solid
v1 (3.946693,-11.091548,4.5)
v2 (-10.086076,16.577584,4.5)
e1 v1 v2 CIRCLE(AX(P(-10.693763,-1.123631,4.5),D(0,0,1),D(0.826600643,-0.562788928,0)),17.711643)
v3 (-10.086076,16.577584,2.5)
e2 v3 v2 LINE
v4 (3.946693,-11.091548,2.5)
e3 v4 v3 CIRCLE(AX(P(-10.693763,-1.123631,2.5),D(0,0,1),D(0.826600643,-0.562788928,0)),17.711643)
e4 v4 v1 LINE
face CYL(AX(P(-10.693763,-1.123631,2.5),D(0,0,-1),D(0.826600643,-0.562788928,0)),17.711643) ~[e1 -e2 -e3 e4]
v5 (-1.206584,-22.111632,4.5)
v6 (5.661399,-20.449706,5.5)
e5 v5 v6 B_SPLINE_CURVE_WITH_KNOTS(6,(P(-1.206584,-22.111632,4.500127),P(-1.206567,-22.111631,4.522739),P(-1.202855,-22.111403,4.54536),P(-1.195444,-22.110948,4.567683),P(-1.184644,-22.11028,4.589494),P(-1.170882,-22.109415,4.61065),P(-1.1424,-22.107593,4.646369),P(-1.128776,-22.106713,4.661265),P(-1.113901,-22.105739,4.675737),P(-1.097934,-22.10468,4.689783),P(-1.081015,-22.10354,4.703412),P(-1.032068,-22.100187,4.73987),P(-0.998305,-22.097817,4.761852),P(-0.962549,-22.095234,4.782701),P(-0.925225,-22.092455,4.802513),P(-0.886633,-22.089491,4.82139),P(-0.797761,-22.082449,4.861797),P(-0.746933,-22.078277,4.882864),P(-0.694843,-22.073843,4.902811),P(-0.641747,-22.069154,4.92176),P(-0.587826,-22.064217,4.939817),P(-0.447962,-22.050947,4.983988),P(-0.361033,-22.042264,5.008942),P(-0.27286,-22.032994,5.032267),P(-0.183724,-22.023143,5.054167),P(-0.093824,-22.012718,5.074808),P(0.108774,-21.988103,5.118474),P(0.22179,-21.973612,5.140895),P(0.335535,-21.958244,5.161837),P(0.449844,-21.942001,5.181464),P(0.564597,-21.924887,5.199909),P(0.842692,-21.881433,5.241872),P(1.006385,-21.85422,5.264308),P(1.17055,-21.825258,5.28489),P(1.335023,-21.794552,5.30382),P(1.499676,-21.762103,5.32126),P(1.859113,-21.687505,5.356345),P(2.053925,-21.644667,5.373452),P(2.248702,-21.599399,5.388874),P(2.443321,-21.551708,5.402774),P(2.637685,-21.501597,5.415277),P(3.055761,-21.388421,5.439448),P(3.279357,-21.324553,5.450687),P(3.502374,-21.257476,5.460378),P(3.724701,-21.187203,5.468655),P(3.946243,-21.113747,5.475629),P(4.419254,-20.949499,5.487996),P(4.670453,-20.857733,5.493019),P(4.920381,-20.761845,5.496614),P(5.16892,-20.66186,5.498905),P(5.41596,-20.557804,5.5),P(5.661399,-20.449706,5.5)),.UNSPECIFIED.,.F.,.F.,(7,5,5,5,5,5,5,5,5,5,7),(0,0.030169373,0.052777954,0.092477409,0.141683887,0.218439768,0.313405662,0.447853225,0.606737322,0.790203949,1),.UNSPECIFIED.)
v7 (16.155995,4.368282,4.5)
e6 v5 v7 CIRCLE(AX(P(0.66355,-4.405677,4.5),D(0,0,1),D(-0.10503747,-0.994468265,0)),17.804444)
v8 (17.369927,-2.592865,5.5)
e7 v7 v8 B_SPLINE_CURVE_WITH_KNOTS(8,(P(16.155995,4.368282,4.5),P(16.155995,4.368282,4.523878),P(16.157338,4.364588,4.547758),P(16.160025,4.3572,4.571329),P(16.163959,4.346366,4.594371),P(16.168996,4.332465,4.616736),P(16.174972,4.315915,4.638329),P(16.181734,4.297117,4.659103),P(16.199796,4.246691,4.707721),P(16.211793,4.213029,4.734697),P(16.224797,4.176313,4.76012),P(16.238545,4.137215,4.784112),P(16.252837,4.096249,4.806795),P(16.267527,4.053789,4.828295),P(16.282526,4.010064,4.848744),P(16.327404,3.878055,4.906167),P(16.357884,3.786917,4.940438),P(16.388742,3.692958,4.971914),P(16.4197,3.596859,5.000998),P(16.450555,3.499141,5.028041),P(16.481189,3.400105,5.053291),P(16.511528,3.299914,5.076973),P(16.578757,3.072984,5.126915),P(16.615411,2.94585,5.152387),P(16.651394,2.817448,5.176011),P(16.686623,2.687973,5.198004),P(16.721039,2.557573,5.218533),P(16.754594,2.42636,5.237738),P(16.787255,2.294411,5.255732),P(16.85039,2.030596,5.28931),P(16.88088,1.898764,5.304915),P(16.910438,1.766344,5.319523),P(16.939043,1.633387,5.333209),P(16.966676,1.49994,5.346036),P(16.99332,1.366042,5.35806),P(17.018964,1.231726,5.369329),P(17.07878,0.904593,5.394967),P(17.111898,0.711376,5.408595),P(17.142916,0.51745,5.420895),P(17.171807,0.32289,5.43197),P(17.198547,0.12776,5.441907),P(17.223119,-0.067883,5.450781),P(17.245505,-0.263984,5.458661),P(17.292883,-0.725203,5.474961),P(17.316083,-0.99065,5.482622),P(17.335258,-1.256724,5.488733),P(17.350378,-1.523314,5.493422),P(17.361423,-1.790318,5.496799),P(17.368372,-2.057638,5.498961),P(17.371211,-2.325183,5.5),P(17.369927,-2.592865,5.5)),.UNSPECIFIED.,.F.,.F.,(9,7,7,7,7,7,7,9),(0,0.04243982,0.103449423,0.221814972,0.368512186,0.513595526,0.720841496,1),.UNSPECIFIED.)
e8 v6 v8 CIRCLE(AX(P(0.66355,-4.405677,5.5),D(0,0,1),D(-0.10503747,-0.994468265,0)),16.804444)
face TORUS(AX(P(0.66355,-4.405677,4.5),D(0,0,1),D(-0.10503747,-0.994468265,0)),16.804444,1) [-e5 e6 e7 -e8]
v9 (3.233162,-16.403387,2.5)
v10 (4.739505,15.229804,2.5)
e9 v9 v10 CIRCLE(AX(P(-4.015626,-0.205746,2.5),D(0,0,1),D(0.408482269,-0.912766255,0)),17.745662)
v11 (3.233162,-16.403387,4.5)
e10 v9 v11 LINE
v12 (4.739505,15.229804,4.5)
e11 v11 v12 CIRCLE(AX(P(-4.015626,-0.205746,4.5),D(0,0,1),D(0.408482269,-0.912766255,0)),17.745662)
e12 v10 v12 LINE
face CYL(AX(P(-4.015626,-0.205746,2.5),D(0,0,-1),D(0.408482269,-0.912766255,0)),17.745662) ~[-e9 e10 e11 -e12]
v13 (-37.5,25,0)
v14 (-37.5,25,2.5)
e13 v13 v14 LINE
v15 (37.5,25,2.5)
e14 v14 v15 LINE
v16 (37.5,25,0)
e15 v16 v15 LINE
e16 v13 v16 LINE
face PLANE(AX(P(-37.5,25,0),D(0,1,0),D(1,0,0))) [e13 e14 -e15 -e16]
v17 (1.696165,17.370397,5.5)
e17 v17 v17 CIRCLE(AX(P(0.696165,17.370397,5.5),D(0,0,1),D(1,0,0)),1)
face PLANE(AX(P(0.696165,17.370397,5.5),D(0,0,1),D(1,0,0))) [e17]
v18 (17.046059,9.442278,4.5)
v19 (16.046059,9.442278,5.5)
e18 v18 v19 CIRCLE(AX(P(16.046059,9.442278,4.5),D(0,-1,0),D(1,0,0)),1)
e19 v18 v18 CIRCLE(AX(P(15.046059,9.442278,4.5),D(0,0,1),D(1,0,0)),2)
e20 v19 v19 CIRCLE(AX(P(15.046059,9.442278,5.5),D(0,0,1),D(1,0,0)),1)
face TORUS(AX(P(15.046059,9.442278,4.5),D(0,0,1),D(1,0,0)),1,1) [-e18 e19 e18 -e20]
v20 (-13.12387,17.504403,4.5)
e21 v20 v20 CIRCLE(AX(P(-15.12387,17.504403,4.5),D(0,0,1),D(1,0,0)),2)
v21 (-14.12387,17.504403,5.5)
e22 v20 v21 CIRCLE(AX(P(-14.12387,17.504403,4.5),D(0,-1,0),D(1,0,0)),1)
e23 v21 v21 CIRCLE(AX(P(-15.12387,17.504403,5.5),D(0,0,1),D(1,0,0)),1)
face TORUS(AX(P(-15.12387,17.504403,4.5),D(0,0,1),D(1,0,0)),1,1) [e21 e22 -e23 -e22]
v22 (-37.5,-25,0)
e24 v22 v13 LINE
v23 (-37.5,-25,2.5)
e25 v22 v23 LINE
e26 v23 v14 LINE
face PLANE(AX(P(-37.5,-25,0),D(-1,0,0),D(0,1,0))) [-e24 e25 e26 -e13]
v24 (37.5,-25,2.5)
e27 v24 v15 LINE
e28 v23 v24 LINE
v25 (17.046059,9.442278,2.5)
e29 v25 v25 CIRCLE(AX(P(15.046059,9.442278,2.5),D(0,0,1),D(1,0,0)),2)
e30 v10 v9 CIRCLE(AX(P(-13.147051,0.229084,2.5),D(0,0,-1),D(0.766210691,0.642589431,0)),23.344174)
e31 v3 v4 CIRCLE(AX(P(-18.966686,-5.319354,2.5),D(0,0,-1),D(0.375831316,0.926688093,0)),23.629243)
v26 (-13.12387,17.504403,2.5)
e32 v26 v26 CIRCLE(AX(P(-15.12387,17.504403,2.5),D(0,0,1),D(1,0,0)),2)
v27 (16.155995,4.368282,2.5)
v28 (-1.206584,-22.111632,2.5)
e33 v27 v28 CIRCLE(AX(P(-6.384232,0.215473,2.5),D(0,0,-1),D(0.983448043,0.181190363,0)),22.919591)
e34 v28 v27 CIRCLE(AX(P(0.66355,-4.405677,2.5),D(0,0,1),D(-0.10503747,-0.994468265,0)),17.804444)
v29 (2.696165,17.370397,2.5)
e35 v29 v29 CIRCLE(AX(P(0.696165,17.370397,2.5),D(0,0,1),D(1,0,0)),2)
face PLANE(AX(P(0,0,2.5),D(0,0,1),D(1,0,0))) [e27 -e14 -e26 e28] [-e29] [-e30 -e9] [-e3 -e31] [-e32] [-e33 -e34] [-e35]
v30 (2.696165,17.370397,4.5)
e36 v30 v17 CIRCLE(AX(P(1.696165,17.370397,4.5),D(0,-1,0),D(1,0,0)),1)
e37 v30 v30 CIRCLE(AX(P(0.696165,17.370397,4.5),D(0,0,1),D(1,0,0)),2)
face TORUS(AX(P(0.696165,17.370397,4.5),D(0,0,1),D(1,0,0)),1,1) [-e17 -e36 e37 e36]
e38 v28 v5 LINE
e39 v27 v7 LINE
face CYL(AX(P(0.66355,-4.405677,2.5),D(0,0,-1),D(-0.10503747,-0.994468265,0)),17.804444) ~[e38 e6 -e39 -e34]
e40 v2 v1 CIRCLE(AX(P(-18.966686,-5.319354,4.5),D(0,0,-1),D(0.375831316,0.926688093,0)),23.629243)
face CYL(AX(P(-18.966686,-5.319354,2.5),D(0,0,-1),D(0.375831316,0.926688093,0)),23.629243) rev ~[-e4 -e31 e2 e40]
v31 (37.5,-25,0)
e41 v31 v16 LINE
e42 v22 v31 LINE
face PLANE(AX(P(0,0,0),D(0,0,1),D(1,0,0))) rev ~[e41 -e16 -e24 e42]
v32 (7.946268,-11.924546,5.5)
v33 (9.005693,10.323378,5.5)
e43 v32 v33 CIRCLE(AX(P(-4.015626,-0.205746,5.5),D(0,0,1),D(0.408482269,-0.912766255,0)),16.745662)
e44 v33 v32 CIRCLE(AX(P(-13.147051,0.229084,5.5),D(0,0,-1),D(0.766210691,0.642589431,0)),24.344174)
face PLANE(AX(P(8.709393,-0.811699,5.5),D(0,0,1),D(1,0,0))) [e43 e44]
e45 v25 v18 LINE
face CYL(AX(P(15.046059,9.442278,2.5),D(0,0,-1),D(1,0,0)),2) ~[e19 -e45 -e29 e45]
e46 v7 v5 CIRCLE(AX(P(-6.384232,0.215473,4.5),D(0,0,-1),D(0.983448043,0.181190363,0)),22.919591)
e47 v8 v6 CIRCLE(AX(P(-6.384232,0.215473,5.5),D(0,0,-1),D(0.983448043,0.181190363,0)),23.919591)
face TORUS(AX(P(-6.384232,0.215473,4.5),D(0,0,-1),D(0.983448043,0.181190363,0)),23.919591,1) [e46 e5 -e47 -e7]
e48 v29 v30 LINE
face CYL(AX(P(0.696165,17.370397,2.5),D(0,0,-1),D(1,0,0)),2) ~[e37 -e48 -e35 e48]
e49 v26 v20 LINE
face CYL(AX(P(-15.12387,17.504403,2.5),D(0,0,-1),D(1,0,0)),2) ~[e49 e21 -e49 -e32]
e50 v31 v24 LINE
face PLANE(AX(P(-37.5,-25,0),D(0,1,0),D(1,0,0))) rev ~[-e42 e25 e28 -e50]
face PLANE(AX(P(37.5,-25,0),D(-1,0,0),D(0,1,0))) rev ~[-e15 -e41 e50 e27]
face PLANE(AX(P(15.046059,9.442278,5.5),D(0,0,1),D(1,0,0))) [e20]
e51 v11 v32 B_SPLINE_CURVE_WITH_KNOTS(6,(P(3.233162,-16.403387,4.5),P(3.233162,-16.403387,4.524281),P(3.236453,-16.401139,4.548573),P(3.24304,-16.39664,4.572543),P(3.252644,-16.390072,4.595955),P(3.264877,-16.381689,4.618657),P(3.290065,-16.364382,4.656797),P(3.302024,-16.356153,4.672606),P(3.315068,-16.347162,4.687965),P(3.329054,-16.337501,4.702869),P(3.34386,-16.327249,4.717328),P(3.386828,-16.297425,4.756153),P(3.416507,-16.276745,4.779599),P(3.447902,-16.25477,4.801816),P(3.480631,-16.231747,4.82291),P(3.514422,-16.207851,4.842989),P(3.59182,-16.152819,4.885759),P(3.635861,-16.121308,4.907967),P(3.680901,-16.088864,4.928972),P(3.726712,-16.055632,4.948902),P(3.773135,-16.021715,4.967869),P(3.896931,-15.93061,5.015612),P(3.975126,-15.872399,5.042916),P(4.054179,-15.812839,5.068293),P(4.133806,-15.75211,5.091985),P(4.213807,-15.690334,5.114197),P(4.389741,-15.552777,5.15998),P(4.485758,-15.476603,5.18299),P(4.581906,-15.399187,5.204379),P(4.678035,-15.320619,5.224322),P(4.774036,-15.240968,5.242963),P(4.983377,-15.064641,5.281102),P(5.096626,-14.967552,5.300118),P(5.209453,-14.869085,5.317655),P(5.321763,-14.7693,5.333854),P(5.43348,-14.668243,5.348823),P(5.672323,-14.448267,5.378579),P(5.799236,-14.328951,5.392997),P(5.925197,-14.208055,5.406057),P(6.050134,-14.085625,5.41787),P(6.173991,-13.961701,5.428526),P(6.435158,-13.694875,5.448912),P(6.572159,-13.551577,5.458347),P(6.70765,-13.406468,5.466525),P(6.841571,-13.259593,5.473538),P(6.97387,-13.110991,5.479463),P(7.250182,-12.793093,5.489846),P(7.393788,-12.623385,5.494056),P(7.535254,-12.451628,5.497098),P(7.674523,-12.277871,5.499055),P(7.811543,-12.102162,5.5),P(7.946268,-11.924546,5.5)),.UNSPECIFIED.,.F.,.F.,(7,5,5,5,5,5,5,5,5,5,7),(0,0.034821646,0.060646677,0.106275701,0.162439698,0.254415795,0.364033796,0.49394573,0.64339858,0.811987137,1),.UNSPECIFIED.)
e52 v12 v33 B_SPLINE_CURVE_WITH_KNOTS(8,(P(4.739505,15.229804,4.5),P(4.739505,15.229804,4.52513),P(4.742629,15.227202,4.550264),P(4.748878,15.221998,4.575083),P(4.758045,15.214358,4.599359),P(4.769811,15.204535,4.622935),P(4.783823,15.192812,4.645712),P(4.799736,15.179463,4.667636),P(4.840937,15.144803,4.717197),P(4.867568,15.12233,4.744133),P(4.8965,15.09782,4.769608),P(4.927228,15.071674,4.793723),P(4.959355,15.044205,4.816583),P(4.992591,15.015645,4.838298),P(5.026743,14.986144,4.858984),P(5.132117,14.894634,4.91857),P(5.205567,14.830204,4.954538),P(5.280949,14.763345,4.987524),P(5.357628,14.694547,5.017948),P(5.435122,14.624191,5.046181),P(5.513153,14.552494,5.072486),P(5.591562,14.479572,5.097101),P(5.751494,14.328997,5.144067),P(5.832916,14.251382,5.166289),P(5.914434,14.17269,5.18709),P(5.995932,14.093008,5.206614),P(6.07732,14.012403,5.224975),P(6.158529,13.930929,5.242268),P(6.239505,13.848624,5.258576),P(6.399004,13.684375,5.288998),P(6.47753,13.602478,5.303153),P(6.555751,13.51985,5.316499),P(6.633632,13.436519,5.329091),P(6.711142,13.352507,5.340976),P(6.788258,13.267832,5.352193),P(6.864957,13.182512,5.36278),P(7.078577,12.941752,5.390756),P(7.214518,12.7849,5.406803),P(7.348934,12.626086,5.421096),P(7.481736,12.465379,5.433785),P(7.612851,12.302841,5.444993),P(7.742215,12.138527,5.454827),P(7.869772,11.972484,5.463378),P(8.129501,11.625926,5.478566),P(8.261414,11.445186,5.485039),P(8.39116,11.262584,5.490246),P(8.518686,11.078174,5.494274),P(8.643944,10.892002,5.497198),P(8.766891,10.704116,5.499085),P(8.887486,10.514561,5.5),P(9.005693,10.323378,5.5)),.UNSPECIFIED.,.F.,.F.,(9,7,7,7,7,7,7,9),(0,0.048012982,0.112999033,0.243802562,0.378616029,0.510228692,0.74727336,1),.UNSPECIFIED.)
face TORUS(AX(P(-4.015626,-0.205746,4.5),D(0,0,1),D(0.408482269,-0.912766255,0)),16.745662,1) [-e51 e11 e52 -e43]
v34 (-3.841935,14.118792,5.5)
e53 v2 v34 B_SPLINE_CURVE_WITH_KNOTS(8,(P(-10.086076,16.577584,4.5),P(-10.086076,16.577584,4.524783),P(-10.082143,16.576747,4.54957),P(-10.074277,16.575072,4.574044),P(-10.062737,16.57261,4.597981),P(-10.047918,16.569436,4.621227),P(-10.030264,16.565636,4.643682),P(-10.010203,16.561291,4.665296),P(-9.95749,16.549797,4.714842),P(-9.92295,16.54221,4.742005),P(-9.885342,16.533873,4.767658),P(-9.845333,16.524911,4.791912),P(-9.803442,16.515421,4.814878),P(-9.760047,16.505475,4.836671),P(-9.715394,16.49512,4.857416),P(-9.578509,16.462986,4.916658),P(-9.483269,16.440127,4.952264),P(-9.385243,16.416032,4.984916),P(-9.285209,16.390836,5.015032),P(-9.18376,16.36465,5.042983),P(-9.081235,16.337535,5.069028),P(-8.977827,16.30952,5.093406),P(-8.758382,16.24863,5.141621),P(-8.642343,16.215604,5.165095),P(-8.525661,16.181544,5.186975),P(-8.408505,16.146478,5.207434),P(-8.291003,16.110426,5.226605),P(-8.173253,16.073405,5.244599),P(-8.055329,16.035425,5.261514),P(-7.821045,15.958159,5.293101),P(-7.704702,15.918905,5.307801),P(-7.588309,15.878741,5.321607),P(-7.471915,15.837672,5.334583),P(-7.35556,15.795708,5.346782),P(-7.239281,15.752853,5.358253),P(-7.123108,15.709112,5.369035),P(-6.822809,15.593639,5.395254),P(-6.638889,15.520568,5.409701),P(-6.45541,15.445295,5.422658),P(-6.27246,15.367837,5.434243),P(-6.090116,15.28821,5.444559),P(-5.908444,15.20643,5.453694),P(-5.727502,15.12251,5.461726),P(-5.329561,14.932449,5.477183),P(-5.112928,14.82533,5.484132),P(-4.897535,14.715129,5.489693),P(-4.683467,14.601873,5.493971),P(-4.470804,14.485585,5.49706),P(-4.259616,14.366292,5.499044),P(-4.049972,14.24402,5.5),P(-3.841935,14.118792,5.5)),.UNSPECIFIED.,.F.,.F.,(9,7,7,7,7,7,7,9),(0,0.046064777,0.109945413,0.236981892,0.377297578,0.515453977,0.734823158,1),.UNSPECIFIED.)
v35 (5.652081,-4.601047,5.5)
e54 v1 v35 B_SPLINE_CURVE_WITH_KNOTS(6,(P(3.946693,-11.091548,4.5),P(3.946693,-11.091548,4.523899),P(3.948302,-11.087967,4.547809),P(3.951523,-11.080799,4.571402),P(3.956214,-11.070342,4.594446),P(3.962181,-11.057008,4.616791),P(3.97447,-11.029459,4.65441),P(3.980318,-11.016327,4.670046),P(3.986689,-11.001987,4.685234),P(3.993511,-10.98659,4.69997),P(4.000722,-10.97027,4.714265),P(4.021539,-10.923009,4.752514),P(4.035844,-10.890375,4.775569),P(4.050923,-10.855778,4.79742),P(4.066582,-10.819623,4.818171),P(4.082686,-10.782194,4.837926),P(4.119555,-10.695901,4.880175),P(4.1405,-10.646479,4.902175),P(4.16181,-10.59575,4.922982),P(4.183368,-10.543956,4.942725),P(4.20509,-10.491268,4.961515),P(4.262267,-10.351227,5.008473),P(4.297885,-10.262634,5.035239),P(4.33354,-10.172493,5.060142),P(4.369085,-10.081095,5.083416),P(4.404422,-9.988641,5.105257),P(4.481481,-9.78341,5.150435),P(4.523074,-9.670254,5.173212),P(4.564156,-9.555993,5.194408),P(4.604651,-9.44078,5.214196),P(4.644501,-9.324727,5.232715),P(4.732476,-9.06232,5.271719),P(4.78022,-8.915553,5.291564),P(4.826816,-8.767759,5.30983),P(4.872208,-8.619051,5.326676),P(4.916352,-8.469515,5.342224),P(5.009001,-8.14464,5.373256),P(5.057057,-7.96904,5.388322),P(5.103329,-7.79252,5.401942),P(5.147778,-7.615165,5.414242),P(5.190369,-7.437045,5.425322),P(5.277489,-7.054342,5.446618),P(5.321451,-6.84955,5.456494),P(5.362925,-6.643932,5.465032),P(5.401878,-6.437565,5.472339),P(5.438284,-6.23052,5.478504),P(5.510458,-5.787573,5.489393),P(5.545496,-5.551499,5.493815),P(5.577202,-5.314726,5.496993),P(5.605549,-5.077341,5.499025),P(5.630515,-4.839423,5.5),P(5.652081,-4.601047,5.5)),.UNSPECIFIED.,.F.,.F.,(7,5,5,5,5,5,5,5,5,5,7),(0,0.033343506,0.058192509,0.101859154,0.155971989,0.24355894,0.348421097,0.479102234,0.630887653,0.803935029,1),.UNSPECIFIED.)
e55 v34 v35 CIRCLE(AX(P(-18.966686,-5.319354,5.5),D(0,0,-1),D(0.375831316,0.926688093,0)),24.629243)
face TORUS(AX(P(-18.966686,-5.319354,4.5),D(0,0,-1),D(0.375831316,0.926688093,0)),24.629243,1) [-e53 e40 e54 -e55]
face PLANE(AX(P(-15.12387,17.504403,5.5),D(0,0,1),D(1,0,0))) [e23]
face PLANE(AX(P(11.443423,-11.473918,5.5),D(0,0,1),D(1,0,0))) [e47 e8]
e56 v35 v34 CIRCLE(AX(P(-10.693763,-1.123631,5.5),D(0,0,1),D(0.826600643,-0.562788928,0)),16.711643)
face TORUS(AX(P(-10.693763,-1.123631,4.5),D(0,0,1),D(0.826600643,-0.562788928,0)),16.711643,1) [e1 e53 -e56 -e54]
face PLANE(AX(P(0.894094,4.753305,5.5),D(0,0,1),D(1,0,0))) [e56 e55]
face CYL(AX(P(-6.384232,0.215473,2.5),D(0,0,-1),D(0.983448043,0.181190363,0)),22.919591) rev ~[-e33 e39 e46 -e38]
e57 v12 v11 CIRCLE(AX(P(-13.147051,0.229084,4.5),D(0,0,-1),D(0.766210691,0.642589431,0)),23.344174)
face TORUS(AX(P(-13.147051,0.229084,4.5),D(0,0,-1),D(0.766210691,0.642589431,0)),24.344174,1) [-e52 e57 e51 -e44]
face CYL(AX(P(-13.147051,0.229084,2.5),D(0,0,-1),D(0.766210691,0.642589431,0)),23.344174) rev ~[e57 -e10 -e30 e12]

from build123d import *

# Parameters (mm, degrees)
F0_W     = 75
F0_H     = 50
F1_DEPTH = 2.5
F2_R     = 2
F3_DEPTH = 3
F4_R     = 1


with BuildPart() as f1:
    # F0 (on Top) → F1 (new body)
    with BuildSketch(Plane.XY):
        Rectangle(F0_W, F0_H)
    extrude(amount=F1_DEPTH)

    # F2 (on face) → F3 (join)
    with BuildSketch(Plane.XY.offset(2.5)):
        with BuildLine():
            ThreePointArc((16.155995, 4.368282), (12.782578, -12.351987), (-1.206584, -22.111632))
            ThreePointArc((-1.206584, -22.111632), (15.552751, -14.168357), (16.155995, 4.368282))
        make_face()
        with BuildLine():
            ThreePointArc((4.739505, 15.229804), (10.170701, -0.881285), (3.233162, -16.403387))
            ThreePointArc((3.233162, -16.403387), (13.70995, -1.049821), (4.739505, 15.229804))
        make_face()
        with BuildLine():
            ThreePointArc((-10.086076, 16.577584), (2.107223, 5.36856), (3.946693, -11.091548))
            ThreePointArc((3.946693, -11.091548), (5.102492, 6.887651), (-10.086076, 16.577584))
        make_face()
        with Locations((-15.12387, 17.504403)):
            Circle(F2_R)
        with Locations((0.696165, 17.370397)):
            Circle(F2_R)
        with Locations((15.046059, 9.442278)):
            Circle(F2_R)
    extrude(amount=F3_DEPTH)

    # F4
    f4_edges = [f1.edges().sort_by_distance(p)[0] for p in [
        (-17.12387, 17.504403, 5.5),
        (-1.303835, 17.370397, 5.5),
        (13.046059, 9.442278, 5.5),
        (15.552751, -14.168357, 5.5),
        (12.782578, -12.351987, 5.5),
        (13.70995, -1.049821, 5.5),
        (10.170701, -0.881285, 5.5),
        (5.102492, 6.887651, 5.5),
        (2.107223, 5.36856, 5.5),
    ]]
    fillet(f4_edges, radius=F4_R)


solid = f1.part
